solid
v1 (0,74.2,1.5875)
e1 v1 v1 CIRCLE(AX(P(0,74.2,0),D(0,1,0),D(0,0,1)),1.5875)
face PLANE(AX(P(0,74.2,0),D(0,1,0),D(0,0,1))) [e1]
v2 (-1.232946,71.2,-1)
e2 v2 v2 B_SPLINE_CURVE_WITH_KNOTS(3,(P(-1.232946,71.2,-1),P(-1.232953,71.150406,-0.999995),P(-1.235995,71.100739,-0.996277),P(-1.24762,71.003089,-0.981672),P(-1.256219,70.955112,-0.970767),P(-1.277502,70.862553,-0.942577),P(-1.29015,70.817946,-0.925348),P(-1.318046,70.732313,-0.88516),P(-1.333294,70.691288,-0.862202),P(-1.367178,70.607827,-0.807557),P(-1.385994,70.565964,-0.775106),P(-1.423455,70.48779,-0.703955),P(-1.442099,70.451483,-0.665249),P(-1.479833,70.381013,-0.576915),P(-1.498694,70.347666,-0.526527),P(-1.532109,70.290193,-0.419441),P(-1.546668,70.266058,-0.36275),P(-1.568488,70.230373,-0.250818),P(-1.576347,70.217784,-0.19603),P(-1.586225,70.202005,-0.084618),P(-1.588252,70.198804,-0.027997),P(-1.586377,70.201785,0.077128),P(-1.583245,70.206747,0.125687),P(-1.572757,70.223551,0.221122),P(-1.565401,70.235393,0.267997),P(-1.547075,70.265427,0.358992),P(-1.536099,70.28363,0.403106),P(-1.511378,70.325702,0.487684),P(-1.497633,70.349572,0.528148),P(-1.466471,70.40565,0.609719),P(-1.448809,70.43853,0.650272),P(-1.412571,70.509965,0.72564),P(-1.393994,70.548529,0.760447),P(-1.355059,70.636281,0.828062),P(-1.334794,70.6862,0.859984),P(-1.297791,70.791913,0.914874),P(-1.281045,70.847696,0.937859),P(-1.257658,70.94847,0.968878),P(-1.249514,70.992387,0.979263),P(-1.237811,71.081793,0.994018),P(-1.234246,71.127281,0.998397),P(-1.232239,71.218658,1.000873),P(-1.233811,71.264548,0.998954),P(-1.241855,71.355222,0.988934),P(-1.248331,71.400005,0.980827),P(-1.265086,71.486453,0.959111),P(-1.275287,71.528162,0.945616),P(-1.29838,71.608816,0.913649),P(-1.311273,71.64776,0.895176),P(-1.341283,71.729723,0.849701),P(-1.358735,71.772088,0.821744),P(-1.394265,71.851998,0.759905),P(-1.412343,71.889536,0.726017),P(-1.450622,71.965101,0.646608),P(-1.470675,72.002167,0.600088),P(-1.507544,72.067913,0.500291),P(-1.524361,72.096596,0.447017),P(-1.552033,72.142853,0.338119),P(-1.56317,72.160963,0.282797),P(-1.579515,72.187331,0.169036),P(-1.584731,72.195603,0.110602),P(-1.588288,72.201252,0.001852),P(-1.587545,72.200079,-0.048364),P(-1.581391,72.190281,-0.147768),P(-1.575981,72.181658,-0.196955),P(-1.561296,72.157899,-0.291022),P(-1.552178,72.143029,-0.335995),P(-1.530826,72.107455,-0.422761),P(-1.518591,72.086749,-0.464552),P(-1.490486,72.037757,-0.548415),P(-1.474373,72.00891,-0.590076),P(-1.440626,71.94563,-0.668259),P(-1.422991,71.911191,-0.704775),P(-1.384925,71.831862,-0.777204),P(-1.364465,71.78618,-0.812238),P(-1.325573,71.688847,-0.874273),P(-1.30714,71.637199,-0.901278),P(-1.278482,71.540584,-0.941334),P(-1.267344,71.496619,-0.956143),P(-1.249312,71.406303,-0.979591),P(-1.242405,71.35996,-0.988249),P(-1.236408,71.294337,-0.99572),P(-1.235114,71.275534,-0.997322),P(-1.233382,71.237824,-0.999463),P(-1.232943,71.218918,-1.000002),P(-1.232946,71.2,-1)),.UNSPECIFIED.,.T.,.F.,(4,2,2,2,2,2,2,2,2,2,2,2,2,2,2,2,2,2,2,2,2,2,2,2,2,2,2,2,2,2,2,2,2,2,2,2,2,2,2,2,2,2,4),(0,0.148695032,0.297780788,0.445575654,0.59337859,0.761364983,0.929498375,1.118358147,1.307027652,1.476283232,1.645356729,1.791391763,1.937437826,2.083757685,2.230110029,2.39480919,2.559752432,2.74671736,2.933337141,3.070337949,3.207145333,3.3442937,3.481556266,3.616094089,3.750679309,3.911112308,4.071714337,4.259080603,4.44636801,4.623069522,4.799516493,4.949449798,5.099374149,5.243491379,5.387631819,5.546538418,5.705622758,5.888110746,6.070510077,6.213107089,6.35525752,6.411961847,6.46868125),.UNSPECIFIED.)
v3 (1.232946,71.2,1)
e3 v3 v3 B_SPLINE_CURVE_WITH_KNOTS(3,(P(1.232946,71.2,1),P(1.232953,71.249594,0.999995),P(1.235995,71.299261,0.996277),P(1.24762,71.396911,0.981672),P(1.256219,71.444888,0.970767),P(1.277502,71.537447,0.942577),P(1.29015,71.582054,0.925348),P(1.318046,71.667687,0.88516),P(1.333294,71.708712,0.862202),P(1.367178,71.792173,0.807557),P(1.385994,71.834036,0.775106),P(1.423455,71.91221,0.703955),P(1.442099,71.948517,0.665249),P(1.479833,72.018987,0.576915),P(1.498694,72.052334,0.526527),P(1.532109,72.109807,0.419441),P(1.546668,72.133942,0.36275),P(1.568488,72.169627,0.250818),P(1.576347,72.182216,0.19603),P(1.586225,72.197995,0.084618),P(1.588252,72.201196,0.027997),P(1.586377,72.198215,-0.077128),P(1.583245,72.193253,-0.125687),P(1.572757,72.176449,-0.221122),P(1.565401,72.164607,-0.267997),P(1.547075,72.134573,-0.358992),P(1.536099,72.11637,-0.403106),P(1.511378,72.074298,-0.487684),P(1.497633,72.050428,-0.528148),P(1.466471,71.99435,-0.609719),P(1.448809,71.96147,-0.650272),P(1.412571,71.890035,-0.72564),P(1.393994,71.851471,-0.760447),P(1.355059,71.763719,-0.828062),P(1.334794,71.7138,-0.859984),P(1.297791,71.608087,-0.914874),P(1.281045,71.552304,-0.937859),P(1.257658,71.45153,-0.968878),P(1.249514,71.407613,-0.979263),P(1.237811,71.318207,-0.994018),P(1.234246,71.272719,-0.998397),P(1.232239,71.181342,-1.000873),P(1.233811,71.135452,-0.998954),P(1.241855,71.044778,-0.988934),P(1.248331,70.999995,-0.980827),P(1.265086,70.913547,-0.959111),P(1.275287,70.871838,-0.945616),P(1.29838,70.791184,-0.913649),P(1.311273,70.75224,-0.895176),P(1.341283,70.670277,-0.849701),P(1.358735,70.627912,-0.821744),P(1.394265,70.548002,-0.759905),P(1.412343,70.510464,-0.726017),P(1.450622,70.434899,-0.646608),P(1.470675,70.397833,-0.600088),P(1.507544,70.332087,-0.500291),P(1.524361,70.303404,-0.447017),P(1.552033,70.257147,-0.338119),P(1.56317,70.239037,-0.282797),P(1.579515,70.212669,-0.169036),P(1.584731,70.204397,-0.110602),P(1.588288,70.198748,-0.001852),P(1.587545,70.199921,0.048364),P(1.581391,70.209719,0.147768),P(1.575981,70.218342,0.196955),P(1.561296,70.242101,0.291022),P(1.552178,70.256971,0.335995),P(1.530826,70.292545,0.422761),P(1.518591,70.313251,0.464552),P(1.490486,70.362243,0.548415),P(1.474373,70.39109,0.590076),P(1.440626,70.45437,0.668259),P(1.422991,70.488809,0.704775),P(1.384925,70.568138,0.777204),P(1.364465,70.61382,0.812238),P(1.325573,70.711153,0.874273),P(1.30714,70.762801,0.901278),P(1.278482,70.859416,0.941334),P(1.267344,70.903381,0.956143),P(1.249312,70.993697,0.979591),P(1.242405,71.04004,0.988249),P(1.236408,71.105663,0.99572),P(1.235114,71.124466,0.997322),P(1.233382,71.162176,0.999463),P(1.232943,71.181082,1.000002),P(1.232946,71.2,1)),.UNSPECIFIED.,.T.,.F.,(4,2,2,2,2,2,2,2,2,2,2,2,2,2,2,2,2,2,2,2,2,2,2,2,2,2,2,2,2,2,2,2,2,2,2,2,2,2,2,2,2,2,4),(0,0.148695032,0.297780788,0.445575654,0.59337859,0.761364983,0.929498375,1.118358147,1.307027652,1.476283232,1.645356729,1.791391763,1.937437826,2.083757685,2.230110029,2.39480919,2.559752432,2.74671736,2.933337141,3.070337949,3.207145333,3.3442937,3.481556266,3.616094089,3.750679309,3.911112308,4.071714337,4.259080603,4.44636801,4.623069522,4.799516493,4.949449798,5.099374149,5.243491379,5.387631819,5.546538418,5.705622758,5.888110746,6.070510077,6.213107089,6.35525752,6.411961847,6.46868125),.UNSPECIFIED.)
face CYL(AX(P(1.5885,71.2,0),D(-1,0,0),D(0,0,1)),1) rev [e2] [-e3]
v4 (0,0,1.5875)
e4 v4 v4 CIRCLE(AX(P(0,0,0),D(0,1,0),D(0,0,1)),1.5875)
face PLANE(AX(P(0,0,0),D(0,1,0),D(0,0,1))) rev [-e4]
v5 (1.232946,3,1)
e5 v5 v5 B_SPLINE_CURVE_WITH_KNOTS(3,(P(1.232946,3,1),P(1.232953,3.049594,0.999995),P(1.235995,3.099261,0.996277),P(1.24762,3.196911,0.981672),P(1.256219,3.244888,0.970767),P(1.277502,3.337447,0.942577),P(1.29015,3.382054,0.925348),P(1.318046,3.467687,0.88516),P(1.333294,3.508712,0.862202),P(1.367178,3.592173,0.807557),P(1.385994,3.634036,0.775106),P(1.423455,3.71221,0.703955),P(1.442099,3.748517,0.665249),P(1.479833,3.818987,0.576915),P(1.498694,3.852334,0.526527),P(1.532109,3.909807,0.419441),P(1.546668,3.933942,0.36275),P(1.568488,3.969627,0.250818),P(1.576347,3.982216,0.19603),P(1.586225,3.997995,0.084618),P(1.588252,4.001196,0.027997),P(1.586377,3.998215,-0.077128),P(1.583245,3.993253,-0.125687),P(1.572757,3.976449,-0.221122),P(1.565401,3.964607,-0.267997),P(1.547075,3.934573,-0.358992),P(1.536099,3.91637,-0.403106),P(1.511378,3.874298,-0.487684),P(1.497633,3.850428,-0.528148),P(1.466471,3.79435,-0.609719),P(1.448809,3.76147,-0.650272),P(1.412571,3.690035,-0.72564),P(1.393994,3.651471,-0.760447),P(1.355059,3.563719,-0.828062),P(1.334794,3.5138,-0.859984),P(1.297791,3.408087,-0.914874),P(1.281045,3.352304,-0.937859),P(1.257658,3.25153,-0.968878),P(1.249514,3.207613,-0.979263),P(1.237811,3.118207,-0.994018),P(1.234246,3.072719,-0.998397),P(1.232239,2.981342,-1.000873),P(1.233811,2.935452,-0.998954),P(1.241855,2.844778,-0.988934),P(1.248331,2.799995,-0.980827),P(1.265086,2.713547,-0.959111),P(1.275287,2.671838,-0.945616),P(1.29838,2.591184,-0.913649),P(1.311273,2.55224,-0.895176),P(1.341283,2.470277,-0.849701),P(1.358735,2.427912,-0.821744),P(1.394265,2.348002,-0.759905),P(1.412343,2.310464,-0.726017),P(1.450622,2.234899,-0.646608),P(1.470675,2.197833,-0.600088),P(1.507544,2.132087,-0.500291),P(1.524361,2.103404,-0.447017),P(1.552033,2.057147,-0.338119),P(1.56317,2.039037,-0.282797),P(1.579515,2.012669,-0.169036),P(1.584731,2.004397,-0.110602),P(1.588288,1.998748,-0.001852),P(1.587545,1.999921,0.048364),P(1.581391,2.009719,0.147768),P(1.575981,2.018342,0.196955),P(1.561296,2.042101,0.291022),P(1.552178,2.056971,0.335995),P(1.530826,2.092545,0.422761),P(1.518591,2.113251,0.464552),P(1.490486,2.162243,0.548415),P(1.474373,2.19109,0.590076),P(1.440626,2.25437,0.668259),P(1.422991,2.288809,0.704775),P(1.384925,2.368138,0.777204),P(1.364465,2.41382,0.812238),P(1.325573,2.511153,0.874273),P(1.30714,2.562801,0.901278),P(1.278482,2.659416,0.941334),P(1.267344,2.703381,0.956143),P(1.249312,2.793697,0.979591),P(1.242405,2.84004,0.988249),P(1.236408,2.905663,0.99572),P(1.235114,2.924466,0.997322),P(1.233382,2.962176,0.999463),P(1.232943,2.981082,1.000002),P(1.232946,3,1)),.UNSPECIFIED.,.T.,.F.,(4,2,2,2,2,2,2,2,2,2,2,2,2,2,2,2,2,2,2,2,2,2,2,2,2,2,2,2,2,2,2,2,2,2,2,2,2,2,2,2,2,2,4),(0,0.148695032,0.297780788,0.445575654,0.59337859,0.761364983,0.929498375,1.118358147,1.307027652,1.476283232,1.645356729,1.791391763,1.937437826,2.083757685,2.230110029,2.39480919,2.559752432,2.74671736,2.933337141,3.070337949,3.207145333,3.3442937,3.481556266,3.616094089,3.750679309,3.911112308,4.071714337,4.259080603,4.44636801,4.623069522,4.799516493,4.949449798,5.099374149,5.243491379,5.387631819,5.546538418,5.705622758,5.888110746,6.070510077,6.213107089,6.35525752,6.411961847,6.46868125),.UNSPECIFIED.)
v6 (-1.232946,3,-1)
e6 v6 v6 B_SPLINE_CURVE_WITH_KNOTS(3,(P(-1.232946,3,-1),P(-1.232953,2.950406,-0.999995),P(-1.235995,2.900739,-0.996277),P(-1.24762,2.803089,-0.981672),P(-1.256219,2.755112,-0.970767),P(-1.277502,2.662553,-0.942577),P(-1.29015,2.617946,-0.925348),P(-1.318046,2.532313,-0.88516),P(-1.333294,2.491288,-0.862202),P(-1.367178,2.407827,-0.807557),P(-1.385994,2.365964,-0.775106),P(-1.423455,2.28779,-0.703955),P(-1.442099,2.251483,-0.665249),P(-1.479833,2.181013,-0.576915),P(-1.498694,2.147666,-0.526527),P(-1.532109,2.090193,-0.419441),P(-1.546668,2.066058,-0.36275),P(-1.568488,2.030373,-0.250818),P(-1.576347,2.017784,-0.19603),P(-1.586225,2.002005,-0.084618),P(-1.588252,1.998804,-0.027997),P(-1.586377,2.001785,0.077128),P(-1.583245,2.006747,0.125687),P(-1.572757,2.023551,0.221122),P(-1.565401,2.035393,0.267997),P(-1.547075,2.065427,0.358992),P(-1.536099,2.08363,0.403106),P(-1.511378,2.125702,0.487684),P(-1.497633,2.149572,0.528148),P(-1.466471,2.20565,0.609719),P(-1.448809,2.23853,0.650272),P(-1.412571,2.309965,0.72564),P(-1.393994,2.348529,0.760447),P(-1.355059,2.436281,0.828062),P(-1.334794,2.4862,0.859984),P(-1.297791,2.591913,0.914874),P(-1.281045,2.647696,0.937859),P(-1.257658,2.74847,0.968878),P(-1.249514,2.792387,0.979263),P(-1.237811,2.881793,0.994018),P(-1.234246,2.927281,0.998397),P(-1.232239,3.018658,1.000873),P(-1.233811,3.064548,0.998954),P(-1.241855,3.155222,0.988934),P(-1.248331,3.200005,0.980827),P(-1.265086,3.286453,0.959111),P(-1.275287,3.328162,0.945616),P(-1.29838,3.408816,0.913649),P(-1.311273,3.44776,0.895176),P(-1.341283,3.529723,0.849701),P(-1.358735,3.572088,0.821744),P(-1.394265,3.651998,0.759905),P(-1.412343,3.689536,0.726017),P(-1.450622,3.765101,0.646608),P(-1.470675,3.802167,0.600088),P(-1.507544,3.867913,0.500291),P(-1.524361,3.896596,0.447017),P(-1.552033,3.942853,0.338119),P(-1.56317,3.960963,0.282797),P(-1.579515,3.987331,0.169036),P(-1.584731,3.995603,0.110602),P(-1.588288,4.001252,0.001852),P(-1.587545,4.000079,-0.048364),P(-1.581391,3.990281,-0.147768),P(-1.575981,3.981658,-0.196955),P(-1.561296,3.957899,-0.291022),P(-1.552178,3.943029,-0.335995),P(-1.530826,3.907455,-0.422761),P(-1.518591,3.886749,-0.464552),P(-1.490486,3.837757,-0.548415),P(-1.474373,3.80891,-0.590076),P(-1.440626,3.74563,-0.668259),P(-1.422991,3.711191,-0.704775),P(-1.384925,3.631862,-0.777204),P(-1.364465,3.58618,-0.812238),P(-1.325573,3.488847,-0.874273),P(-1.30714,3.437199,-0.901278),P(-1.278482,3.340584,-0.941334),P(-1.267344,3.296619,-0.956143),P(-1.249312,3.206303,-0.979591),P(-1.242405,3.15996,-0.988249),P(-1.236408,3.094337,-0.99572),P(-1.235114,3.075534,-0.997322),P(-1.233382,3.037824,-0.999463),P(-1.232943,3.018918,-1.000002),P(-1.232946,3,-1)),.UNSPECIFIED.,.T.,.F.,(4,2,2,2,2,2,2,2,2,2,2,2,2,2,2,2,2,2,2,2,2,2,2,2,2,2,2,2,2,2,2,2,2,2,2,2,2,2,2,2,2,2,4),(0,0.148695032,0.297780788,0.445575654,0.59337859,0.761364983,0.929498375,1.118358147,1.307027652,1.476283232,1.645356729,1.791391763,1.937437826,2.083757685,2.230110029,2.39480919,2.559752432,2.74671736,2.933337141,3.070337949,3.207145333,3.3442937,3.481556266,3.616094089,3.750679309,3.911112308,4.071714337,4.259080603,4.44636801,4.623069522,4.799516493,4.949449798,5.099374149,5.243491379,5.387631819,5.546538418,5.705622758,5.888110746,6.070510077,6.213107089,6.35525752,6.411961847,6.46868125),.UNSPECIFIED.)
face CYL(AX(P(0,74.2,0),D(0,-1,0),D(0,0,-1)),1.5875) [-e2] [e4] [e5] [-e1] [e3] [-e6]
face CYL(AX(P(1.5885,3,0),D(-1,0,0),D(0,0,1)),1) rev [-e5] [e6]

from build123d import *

# Parameters (mm, degrees)
SKETCH1_R                      = 1.5875
BOSS_EXTRUDE1_DEPTH            = 74.2
CUT_EXTRUDE1_REACH             = 3.587
SKETCH2_R                      = 1
CUT_EXTRUDE1_DIRECTION_2_REACH = 3.587


with BuildPart() as part:
    # Sketch1 → Boss-Extrude1 (new body)
    with BuildSketch(Plane(origin=(0, 0, 0), x_dir=(1, 0, 0), z_dir=(0, 1, 0))):
        Circle(SKETCH1_R)
    extrude(amount=BOSS_EXTRUDE1_DEPTH)

    # Sketch2 → Cut-Extrude1 (cut, up to next)
    with BuildSketch(Plane(origin=(0, 0, 0), x_dir=(0, 0, -1), z_dir=(1, 0, 0)), mode=Mode.PRIVATE) as cut_extrude1_sk1:
        with Locations((0, 71.2)):
            Circle(SKETCH2_R)
    cut_extrude1_tool1 = extrude(cut_extrude1_sk1.sketch, amount=-CUT_EXTRUDE1_REACH, mode=Mode.PRIVATE) & part.part
    add(cut_extrude1_tool1.solids().sort_by_distance((0, 71.2, 0))[0], mode=Mode.SUBTRACT)
    # Sketch2 → Cut-Extrude1 (cut, up to next)
    with BuildSketch(Plane(origin=(0, 0, 0), x_dir=(0, 0, -1), z_dir=(1, 0, 0)), mode=Mode.PRIVATE) as cut_extrude1_sk2:
        with Locations((0, 3)):
            Circle(SKETCH2_R)
    cut_extrude1_tool2 = extrude(cut_extrude1_sk2.sketch, amount=-CUT_EXTRUDE1_REACH, mode=Mode.PRIVATE) & part.part
    add(cut_extrude1_tool2.solids().sort_by_distance((0, 3, 0))[0], mode=Mode.SUBTRACT)

    # Sketch2 → Cut-Extrude1 direction 2 (cut, up to next)
    with BuildSketch(Plane(origin=(0, 0, 0), x_dir=(0, 0, -1), z_dir=(1, 0, 0)), mode=Mode.PRIVATE) as cut_extrude1_direction_2_sk1:
        with Locations((0, 71.2)):
            Circle(SKETCH2_R)
    cut_extrude1_direction_2_tool1 = extrude(cut_extrude1_direction_2_sk1.sketch, amount=CUT_EXTRUDE1_DIRECTION_2_REACH, mode=Mode.PRIVATE) & part.part
    add(cut_extrude1_direction_2_tool1.solids().sort_by_distance((0, 71.2, 0))[0], mode=Mode.SUBTRACT)
    # Sketch2 → Cut-Extrude1 direction 2 (cut, up to next)
    with BuildSketch(Plane(origin=(0, 0, 0), x_dir=(0, 0, -1), z_dir=(1, 0, 0)), mode=Mode.PRIVATE) as cut_extrude1_direction_2_sk2:
        with Locations((0, 3)):
            Circle(SKETCH2_R)
    cut_extrude1_direction_2_tool2 = extrude(cut_extrude1_direction_2_sk2.sketch, amount=CUT_EXTRUDE1_DIRECTION_2_REACH, mode=Mode.PRIVATE) & part.part
    add(cut_extrude1_direction_2_tool2.solids().sort_by_distance((0, 3, 0))[0], mode=Mode.SUBTRACT)


solid = part.part
